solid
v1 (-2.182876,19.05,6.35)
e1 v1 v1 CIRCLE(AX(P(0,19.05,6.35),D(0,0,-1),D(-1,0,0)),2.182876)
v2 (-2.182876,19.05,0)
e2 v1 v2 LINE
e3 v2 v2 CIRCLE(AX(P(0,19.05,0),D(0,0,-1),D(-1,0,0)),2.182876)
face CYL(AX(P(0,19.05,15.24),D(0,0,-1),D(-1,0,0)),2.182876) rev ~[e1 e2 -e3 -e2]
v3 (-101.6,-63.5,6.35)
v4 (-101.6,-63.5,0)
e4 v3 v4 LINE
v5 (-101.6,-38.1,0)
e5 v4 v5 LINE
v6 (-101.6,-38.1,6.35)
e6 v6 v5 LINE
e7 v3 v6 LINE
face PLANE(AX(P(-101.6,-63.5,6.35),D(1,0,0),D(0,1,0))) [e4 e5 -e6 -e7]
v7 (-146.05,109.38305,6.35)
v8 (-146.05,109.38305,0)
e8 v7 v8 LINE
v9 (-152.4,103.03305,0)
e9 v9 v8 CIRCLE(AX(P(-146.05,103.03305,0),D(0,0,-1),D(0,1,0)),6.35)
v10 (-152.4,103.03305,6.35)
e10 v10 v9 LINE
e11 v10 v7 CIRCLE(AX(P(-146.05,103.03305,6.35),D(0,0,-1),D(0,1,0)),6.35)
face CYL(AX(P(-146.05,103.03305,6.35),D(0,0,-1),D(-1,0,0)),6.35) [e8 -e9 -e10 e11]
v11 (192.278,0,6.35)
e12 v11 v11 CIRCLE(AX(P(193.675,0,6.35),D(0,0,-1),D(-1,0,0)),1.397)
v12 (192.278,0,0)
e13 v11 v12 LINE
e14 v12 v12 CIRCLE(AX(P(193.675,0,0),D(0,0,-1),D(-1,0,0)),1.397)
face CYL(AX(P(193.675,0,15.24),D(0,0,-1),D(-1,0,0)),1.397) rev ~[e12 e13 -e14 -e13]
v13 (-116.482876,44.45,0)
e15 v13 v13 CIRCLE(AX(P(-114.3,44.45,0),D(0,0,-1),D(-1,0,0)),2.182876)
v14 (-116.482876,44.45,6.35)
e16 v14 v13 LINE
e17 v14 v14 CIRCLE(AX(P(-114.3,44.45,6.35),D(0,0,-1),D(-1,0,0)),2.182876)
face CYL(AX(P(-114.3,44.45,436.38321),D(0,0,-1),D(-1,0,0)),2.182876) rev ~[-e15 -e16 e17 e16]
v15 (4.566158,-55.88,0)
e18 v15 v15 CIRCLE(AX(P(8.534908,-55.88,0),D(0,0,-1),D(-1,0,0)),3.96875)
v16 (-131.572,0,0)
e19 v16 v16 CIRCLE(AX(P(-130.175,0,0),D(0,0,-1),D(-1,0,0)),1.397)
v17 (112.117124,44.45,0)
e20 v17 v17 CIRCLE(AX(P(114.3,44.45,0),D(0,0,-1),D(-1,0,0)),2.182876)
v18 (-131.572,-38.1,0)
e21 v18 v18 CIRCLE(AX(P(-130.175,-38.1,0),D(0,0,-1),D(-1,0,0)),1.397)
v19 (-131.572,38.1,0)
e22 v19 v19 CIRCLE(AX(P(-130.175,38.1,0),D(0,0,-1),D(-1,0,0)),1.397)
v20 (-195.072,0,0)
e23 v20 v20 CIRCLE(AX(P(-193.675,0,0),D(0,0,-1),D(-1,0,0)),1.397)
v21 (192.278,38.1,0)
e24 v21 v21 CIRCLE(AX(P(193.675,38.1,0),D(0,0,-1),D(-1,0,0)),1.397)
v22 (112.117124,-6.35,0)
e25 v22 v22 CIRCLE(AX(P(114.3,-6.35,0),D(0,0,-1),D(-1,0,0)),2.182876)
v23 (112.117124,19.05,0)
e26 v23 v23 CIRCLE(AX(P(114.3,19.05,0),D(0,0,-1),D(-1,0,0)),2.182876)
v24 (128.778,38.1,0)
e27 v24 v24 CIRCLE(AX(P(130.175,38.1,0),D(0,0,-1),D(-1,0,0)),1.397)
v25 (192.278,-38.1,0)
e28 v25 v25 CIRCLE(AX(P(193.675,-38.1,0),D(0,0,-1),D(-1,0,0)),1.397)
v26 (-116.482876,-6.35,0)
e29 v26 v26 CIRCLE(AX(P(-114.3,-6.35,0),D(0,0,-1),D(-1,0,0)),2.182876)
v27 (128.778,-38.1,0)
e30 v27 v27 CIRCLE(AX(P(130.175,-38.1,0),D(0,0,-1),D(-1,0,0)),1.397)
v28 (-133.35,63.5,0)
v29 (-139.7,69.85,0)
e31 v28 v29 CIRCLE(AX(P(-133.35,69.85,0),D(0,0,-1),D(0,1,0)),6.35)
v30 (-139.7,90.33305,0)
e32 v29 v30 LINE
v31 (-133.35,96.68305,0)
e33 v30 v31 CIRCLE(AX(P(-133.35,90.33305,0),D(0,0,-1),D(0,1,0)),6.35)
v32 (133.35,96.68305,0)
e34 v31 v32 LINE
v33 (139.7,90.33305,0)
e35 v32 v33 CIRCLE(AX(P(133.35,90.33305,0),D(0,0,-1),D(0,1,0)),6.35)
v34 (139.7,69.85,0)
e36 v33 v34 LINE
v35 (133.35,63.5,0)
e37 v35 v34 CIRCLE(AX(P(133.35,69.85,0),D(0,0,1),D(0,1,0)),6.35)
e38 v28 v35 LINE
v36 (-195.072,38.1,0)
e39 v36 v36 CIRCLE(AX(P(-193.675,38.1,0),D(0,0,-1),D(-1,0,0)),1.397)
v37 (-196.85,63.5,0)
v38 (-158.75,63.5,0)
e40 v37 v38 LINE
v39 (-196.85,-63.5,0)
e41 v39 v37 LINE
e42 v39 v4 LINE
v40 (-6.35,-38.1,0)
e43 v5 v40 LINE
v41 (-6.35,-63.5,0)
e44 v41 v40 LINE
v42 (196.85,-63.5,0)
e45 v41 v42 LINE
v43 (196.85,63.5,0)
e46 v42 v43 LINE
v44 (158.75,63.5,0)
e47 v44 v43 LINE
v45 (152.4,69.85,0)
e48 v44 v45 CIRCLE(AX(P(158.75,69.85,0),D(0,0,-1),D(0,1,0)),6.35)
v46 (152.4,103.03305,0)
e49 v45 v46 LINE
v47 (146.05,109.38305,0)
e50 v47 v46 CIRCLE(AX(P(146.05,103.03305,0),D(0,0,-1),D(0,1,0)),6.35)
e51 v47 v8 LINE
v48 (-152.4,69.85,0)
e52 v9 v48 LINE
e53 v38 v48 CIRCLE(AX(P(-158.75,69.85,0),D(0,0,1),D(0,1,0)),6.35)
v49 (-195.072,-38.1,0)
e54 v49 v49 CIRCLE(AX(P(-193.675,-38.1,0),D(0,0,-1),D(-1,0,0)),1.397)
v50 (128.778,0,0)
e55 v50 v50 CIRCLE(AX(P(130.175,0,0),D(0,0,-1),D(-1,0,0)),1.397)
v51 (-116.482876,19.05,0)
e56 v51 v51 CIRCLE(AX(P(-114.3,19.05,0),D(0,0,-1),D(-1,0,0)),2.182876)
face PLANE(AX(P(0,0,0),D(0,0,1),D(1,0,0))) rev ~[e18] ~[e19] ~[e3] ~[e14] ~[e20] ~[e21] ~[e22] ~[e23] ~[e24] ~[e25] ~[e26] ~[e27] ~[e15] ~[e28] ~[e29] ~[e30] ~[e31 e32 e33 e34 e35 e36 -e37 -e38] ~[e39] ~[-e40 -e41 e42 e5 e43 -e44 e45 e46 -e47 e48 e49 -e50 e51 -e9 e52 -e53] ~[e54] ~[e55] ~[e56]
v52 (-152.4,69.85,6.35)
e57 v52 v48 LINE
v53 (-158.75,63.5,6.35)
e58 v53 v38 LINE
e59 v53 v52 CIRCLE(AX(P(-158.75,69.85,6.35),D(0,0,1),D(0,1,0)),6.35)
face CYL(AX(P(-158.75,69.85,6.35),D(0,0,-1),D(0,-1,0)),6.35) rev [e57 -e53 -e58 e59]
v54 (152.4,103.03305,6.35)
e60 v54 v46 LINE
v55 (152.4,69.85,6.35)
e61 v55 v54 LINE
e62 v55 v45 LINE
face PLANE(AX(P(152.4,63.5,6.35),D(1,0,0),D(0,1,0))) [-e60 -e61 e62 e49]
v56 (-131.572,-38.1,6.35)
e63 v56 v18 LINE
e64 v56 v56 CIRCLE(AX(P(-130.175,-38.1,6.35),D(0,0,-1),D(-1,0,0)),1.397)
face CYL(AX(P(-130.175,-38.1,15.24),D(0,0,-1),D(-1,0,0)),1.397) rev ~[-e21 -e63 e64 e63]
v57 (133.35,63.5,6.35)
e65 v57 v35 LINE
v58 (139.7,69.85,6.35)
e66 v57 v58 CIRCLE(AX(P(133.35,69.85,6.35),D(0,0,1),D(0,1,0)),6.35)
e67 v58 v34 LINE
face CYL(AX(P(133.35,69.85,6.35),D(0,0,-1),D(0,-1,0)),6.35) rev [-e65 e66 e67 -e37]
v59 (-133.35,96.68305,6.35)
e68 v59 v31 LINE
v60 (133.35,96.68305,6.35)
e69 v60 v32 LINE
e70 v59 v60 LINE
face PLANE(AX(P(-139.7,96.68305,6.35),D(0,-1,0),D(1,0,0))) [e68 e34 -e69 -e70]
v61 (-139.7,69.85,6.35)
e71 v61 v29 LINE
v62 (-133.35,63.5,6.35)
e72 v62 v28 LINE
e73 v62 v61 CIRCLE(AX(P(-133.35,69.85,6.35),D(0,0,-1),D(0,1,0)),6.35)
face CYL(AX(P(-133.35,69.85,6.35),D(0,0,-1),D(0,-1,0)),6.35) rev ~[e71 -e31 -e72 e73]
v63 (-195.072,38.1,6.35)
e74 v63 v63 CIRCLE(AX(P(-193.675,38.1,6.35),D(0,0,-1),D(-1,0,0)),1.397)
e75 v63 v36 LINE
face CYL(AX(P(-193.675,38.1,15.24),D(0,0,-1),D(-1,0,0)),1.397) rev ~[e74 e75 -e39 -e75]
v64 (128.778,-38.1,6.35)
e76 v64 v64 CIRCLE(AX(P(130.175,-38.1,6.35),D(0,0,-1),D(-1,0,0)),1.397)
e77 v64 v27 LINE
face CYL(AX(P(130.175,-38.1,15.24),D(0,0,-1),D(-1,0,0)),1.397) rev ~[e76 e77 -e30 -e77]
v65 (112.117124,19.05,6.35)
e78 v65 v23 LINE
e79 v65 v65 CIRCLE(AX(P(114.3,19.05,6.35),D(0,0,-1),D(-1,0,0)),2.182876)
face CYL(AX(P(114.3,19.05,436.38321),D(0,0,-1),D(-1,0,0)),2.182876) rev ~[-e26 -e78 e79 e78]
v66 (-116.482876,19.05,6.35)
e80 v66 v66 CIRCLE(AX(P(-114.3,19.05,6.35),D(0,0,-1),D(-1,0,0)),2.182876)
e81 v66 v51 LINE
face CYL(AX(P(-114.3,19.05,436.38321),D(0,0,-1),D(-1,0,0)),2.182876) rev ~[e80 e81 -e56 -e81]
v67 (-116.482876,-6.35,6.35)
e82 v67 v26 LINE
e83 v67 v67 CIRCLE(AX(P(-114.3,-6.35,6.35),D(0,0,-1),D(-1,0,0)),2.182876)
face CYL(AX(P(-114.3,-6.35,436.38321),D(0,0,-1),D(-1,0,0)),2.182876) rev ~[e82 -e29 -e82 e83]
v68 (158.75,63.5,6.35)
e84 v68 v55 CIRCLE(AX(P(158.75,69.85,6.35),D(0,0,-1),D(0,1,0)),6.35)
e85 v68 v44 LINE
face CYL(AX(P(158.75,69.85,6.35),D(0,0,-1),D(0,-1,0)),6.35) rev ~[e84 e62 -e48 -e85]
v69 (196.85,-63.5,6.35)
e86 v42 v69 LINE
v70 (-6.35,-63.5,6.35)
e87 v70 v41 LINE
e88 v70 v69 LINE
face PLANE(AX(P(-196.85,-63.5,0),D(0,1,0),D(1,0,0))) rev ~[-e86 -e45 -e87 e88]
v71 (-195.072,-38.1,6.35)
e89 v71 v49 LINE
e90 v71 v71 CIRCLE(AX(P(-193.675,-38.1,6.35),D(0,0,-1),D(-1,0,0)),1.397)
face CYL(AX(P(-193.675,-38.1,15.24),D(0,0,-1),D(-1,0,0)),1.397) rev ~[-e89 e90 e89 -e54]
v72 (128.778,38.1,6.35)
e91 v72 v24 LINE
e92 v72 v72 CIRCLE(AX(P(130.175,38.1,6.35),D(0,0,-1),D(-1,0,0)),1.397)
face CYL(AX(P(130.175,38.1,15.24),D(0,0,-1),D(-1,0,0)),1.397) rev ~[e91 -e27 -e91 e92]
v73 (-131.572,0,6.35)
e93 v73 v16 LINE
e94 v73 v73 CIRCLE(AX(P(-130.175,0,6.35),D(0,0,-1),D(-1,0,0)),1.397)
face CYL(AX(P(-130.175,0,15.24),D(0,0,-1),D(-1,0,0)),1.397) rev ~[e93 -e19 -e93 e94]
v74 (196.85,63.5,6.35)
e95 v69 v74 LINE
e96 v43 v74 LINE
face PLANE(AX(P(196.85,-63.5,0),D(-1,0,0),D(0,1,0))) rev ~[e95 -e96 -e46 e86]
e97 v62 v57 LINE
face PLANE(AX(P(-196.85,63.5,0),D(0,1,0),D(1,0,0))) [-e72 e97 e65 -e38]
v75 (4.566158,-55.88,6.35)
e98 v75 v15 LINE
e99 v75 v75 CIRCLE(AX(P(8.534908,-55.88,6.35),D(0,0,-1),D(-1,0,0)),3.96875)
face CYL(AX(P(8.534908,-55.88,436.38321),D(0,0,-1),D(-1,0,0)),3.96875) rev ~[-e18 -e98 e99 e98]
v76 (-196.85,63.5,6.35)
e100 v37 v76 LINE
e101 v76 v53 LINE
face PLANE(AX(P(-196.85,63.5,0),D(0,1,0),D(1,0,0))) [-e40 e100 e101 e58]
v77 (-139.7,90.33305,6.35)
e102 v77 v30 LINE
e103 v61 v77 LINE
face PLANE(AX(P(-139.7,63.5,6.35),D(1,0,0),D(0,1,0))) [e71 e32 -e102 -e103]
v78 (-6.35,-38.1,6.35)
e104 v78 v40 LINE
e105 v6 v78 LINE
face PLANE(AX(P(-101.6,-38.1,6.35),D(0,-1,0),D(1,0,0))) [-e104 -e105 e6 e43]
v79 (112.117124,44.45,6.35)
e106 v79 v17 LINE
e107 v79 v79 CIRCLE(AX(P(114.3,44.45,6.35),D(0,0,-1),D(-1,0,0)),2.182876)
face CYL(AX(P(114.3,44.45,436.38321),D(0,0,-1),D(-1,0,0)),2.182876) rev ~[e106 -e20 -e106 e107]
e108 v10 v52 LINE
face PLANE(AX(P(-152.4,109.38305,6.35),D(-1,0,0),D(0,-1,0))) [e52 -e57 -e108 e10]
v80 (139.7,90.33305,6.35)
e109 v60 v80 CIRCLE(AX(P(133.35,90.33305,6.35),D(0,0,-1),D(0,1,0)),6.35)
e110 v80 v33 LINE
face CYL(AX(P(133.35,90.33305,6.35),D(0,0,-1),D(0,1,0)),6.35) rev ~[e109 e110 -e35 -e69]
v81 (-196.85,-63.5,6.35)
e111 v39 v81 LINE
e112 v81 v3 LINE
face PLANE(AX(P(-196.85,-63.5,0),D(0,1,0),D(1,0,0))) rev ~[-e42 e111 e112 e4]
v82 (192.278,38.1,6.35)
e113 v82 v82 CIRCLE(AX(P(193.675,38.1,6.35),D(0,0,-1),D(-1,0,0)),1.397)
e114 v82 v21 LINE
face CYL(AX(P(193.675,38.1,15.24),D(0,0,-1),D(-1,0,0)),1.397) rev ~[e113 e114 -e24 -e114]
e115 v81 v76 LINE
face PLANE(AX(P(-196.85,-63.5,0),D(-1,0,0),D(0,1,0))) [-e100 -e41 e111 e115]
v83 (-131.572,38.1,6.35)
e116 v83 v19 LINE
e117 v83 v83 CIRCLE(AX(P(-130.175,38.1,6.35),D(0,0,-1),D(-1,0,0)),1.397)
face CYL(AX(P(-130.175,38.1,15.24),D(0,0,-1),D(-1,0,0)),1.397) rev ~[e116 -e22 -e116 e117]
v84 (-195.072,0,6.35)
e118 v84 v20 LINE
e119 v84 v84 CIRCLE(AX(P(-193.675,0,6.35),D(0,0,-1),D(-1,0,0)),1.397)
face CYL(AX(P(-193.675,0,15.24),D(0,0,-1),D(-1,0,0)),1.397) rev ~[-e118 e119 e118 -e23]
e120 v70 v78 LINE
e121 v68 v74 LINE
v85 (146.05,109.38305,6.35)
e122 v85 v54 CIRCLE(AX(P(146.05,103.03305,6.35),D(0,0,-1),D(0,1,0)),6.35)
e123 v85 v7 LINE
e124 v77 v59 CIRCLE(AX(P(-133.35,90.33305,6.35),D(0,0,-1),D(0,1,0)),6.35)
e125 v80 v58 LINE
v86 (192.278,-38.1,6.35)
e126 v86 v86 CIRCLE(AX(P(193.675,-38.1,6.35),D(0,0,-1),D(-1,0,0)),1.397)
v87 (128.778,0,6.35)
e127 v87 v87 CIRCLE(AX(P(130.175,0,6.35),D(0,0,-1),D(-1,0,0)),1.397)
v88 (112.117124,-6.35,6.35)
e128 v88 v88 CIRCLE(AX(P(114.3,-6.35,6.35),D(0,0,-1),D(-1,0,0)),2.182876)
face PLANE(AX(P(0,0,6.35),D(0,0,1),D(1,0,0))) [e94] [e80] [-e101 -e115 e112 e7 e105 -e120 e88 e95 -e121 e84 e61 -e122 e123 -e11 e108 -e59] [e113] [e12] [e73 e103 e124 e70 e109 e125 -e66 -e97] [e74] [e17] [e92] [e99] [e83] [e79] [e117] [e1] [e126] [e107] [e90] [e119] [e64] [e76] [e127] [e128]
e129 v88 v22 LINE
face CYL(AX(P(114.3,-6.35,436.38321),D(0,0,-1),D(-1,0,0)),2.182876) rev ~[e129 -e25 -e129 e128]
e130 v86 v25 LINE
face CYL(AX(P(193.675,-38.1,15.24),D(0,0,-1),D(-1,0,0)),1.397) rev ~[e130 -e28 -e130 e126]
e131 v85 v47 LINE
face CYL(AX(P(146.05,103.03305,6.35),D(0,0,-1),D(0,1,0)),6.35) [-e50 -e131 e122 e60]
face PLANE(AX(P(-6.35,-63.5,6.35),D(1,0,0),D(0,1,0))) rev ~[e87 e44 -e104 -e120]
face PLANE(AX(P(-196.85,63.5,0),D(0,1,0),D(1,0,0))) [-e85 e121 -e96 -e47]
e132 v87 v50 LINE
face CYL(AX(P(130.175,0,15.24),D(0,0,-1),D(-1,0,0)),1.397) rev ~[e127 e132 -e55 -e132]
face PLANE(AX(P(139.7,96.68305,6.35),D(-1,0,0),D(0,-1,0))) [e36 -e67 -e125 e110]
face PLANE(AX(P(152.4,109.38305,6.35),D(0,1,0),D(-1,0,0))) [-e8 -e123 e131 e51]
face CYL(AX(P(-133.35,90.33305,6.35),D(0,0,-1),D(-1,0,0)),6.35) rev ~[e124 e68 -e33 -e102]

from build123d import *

# Parameters (mm, degrees)
SKETCH1_W                            = 393.7
SKETCH1_H                            = 127
BOSS_EXTRUDE1_DEPTH                  = 6.35
BOSS_EXTRUDE2_DEPTH                  = 6.35
FILLET1_R                            = 6.35
SKETCH11_W                           = 95.25
SKETCH11_H                           = 25.4
CUT_EXTRUDE1_DEPTH                   = 226.28847424
F_5_16_0_3125_DIAMETER_HOLE1_D       = 7.9375
F_11_64_0_17188_DIAMETER_HOLE1_D     = 4.365752
F_35_0_11_DIAMETER_HOLE1_D           = 2.794
F_35_0_11_DIAMETER_HOLE1_DEPTH       = 8.89
F_35_0_11_DIAMETER_HOLE1_TIP         = 0.839402285
F_11_64_0_17188_DIAMETER_HOLE2_D     = 4.365752
F_11_64_0_17188_DIAMETER_HOLE2_DEPTH = 8.89
F_11_64_0_17188_DIAMETER_HOLE2_TIP   = 1.311604225


with BuildPart() as part:
    # Sketch1 → Boss-Extrude1 (new body)
    with BuildSketch(Plane.XY):
        Rectangle(SKETCH1_W, SKETCH1_H)
    extrude(amount=BOSS_EXTRUDE1_DEPTH)

    # Sketch10 → Boss-Extrude2 (add)
    with BuildSketch(Plane.XY.offset(6.35)):
        Polygon((-152.4, 96.68304999), (-152.4, 63.5), (-139.7, 63.5), (-139.7, 96.68304999), (0, 96.68304999), (0, 109.38304999), (-146.05, 109.38304999), (-152.4, 109.38304999), align=None)
        Polygon((139.7, 96.68304999), (139.7, 63.5), (152.4, 63.5), (152.4, 109.38304999), (0, 109.38304999), (0, 96.68304999), align=None)
    extrude(amount=-BOSS_EXTRUDE2_DEPTH)

    # Fillet1
    fillet1_edges = [part.edges().sort_by_distance(p)[0] for p in [
        (139.7, 96.68304999, 3.175),
        (-139.7, 96.68304999, 3.175),
        (-139.7, 63.5, 3.175),
        (-152.4, 63.5, 3.175),
        (-152.4, 109.38304999, 3.175),
        (152.4, 109.38304999, 3.175),
        (152.4, 63.5, 3.175),
        (139.7, 63.5, 3.175),
    ]]
    fillet(fillet1_edges, radius=FILLET1_R)

    # Sketch11 → Cut-Extrude1 (cut, through all)
    with BuildSketch(Plane.XY.offset(6.35)):
        with Locations((-53.975, -50.8)):
            Rectangle(SKETCH11_W, SKETCH11_H)
    extrude(amount=-CUT_EXTRUDE1_DEPTH, mode=Mode.SUBTRACT)

    # 5/16 (0.3125) Diameter Hole1 (through all)
    with Locations(Plane.XY.offset(6.35)):
        with Locations((8.534908, -55.88)):
            Hole(F_5_16_0_3125_DIAMETER_HOLE1_D / 2)

    # 11/64 (0.17188) Diameter Hole1 (through all)
    with Locations(Plane.XY.offset(6.35)):
        with Locations((-114.3, 44.45), (-114.3, 19.05), (-114.3, -6.35), (114.3, 44.45), (114.3, 19.05), (114.3, -6.35)):
            Hole(F_11_64_0_17188_DIAMETER_HOLE1_D / 2)

    # #35 (0.11) Diameter Hole1
    with Locations(Plane.XY.offset(6.35)):
        with Locations((-193.675, 38.1), (-130.175, 38.1), (-130.175, 0), (-193.675, 0), (-193.675, -38.1), (-130.175, -38.1), (130.175, -38.1), (193.675, -38.1), (193.675, 0), (193.675, 38.1), (130.175, 38.1), (130.175, 0)):
            Hole(F_35_0_11_DIAMETER_HOLE1_D / 2, depth=F_35_0_11_DIAMETER_HOLE1_DEPTH)
            with Locations((0, 0, -(F_35_0_11_DIAMETER_HOLE1_DEPTH + F_35_0_11_DIAMETER_HOLE1_TIP / 2))):  # 118° drill point
                Cone(0, F_35_0_11_DIAMETER_HOLE1_D / 2, F_35_0_11_DIAMETER_HOLE1_TIP, mode=Mode.SUBTRACT)

    # 11/64 (0.17188) Diameter Hole2
    with Locations(Plane.XY.offset(6.35)):
        with Locations((0, 19.05)):
            Hole(F_11_64_0_17188_DIAMETER_HOLE2_D / 2, depth=F_11_64_0_17188_DIAMETER_HOLE2_DEPTH)
            with Locations((0, 0, -(F_11_64_0_17188_DIAMETER_HOLE2_DEPTH + F_11_64_0_17188_DIAMETER_HOLE2_TIP / 2))):  # 118° drill point
                Cone(0, F_11_64_0_17188_DIAMETER_HOLE2_D / 2, F_11_64_0_17188_DIAMETER_HOLE2_TIP, mode=Mode.SUBTRACT)


solid = part.part
